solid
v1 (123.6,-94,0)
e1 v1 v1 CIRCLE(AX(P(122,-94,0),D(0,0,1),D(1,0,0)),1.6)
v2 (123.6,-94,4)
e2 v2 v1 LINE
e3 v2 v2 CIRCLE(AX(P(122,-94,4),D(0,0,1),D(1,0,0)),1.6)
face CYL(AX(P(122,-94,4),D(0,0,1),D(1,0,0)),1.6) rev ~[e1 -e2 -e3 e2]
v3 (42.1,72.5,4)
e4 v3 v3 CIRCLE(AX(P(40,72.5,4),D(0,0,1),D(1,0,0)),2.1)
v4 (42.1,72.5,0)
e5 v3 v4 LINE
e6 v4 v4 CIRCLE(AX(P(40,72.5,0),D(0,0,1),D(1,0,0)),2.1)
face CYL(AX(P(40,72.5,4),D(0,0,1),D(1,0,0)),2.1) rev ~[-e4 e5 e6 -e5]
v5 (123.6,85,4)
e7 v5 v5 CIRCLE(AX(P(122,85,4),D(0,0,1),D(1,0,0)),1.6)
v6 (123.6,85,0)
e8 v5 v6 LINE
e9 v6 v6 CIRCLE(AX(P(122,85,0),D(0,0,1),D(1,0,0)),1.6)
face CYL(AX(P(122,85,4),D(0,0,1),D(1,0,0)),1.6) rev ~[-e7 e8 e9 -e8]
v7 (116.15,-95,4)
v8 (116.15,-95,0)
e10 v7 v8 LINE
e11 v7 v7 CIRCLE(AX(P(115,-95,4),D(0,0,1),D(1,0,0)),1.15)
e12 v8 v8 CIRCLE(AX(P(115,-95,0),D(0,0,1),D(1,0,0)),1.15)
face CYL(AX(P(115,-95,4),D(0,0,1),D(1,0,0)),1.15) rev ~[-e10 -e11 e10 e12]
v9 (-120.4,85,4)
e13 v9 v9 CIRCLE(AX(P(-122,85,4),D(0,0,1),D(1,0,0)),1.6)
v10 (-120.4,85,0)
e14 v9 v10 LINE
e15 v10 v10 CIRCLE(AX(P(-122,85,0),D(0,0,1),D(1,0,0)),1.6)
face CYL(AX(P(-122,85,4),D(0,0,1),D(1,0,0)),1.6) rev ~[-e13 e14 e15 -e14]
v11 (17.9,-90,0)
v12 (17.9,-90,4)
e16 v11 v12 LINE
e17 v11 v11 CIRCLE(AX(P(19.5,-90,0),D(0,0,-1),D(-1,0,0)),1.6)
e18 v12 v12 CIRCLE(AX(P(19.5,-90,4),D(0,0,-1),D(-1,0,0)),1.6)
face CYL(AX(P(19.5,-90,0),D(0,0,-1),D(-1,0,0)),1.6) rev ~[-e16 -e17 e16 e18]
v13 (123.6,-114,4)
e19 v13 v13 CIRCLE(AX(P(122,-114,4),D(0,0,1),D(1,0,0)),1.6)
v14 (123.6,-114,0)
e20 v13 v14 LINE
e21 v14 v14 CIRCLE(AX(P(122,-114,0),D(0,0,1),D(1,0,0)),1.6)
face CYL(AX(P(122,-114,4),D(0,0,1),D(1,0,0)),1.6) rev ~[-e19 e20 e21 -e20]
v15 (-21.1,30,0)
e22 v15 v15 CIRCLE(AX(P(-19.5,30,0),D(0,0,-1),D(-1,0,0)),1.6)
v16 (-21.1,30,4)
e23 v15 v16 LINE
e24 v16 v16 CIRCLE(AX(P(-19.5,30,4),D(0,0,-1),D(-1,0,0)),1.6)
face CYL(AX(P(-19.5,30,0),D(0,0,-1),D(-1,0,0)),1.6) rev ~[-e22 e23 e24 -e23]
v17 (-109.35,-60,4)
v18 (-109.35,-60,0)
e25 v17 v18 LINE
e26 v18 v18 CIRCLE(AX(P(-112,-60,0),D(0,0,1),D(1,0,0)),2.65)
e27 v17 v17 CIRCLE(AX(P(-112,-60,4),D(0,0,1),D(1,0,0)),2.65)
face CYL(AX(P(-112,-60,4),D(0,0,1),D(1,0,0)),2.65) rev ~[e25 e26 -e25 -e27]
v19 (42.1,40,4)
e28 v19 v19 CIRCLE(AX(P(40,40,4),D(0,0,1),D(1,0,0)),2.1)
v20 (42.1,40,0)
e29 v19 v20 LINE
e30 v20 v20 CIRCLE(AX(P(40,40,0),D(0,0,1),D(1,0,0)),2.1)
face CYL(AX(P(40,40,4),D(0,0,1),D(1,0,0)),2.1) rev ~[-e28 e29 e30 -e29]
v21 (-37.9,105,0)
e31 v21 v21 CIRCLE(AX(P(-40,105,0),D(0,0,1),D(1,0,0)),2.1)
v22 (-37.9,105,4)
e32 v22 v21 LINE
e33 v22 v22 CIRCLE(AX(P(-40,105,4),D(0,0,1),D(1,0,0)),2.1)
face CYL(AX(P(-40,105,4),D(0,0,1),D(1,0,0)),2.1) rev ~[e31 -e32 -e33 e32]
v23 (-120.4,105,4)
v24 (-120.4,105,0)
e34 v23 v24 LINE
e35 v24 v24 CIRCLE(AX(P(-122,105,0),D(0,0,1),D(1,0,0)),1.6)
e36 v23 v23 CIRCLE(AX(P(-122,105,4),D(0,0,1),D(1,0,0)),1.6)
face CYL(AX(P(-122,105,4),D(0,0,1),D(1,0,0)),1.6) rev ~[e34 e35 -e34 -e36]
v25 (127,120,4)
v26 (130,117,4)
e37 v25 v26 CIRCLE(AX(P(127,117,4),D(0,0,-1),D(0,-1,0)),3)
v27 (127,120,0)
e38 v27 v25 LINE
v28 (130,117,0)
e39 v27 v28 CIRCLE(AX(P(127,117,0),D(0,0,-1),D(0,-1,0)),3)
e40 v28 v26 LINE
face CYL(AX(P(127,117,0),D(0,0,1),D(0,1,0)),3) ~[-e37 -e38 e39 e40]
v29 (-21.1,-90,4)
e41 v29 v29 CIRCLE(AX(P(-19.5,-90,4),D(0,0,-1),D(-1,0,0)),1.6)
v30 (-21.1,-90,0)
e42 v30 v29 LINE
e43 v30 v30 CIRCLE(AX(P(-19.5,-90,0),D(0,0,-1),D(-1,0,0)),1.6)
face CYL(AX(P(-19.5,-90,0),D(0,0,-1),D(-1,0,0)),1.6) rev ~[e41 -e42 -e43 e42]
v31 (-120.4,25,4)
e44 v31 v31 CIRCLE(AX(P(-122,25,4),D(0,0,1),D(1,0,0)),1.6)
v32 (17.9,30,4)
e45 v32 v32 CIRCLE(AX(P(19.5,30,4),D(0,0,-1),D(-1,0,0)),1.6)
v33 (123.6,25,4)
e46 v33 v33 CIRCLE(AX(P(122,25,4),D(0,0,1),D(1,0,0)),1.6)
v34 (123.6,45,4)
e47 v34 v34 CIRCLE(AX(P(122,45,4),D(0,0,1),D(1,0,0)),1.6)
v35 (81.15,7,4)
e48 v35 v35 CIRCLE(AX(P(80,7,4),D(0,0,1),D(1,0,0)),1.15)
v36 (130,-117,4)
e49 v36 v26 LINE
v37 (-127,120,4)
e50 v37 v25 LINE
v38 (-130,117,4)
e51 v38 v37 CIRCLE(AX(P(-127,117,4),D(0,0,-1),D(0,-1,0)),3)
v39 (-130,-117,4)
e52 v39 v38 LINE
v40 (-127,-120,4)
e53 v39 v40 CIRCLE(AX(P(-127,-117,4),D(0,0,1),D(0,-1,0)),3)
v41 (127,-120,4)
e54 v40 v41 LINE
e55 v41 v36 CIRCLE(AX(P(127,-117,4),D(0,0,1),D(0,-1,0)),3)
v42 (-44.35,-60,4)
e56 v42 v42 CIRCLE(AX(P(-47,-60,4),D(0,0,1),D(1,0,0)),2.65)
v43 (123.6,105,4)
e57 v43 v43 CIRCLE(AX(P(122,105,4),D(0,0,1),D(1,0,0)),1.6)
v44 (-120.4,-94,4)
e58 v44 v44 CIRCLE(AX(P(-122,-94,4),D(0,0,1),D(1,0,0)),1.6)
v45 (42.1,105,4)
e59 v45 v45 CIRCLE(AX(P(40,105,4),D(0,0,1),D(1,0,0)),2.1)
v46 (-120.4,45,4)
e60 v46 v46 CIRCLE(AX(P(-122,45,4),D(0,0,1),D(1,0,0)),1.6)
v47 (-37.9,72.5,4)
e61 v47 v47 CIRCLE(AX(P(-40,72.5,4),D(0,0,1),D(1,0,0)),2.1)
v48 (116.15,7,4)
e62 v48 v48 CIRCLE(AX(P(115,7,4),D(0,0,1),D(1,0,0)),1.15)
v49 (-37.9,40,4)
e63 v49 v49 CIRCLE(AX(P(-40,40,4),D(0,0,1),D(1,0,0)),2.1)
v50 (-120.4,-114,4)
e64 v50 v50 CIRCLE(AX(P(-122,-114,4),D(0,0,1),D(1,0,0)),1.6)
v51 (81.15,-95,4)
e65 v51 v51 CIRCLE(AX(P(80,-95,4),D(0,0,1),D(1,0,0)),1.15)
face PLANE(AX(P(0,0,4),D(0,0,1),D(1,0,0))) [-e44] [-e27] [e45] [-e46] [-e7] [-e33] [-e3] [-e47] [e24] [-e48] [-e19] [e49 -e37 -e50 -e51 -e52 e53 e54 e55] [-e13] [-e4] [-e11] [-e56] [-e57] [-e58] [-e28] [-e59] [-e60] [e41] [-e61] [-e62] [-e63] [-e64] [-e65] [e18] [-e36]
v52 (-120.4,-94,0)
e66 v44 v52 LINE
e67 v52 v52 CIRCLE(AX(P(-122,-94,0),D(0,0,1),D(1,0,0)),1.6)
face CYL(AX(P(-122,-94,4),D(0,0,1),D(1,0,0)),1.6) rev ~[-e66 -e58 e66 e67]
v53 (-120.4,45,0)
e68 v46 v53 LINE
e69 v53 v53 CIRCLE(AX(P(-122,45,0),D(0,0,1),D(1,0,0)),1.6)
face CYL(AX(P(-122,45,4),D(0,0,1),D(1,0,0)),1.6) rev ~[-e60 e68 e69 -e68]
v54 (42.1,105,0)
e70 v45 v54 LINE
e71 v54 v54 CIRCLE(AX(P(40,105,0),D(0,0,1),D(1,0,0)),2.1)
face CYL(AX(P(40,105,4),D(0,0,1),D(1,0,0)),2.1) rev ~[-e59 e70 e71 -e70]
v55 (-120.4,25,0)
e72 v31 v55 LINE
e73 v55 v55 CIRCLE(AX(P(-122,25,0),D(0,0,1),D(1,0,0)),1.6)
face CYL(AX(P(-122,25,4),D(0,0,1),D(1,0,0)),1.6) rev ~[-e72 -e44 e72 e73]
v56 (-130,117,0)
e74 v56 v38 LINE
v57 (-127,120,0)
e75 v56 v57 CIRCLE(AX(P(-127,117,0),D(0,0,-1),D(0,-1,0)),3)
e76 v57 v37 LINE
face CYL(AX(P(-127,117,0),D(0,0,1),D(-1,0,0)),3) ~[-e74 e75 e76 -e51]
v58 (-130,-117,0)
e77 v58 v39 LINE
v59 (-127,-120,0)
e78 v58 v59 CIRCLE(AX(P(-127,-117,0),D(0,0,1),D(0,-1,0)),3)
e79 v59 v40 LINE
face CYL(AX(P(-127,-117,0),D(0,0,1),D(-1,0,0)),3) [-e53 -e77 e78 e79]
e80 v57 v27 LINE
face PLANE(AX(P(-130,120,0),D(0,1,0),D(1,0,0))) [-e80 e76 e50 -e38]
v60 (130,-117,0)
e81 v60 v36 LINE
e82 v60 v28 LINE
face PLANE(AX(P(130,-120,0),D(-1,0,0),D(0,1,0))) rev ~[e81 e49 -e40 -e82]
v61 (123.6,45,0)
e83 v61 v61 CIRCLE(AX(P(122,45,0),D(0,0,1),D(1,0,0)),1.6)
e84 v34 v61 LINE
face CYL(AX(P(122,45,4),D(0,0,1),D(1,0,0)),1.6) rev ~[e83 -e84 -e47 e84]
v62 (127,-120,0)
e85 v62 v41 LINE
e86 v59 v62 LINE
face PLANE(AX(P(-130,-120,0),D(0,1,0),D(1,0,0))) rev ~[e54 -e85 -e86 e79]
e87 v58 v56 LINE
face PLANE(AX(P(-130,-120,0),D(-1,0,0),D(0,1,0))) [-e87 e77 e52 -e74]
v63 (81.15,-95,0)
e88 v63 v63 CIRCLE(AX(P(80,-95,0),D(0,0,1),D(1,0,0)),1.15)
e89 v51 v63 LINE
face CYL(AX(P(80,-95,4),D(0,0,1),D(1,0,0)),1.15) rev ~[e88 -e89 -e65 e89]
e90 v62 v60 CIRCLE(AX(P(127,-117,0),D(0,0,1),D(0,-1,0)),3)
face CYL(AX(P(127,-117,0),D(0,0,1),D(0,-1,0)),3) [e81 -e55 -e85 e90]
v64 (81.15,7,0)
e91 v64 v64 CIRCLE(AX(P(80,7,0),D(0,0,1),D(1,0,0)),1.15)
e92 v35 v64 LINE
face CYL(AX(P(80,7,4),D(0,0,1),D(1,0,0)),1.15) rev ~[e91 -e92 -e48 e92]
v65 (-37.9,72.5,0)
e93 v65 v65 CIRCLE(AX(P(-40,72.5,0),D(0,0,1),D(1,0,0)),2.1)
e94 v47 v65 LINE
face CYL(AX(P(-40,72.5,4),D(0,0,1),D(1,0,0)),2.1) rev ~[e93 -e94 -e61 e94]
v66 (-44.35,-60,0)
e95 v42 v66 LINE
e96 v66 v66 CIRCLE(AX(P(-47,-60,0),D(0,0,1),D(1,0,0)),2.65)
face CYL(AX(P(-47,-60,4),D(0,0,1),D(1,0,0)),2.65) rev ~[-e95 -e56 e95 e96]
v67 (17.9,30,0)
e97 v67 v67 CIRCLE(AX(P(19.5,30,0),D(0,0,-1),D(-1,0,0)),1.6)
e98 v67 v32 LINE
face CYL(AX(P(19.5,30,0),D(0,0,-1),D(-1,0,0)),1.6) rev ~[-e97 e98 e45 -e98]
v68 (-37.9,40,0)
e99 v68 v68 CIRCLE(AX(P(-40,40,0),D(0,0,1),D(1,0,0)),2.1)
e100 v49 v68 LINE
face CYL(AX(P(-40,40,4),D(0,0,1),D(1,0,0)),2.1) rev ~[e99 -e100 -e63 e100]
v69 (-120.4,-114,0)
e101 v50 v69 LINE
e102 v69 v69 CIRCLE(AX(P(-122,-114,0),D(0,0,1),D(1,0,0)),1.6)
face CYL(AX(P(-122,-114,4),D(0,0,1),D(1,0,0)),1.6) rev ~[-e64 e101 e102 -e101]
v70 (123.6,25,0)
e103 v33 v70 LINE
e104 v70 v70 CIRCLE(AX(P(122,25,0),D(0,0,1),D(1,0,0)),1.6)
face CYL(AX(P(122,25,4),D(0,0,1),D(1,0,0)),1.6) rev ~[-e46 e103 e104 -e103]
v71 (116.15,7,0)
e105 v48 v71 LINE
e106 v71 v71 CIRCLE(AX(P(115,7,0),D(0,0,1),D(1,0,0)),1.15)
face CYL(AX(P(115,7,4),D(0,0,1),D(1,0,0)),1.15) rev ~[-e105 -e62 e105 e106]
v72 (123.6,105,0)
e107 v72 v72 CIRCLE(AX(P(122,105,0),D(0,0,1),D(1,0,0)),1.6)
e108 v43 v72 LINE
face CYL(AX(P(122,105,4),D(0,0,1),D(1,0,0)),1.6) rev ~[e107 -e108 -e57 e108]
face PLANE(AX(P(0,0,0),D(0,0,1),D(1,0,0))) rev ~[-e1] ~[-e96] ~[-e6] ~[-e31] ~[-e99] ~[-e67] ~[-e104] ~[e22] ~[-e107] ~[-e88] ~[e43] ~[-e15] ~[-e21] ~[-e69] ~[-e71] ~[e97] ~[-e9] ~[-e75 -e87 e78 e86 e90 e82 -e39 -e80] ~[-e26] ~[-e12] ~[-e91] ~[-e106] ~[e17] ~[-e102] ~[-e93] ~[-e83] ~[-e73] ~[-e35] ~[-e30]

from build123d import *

# Parameters (mm, degrees)
SKETCH_1_W          = 260
SKETCH_1_H          = 240
EXTRUDE_1_DEPTH     = 4
SKETCH_2_R          = 1.6
CUT_EXTRUDE_1_DEPTH = 63
SKETCH_3_R          = 1.15
CUT_EXTRUDE_2_DEPTH = 60
FILLET_1_R          = 3
SKETCH_4_R          = 2.65
SKETCH_4_R_2        = 2.1
CUT_EXTRUDE_3_DEPTH = 10
SKETCH_5_R          = 1.6
CUT_EXTRUDE_4_DEPTH = 10


with BuildPart() as part:
    # 草图1 → 凸台-拉伸1 (new body)
    with BuildSketch(Plane.XY):
        Rectangle(SKETCH_1_W, SKETCH_1_H)
    extrude(amount=EXTRUDE_1_DEPTH)

    # 草图2 → 切除-拉伸1 (cut)
    with BuildSketch(Plane(origin=(0, 0, 0), x_dir=(-1, 0, 0), z_dir=(0, 0, -1))):
        with Locations((-19.5, 30)):
            Circle(SKETCH_2_R)
        with Locations((19.5, 30)):
            Circle(SKETCH_2_R)
        with Locations((19.5, -90)):
            Circle(SKETCH_2_R)
        with Locations((-19.5, -90)):
            Circle(SKETCH_2_R)
    extrude(amount=-CUT_EXTRUDE_1_DEPTH, mode=Mode.SUBTRACT)

    # 草图3 → 切除-拉伸2 (cut)
    with BuildSketch(Plane.XY.offset(4)):
        with Locations((80, 7)):
            Circle(SKETCH_3_R)
        with Locations((115, 7)):
            Circle(SKETCH_3_R)
        with Locations((115, -95)):
            Circle(SKETCH_3_R)
        with Locations((80, -95)):
            Circle(SKETCH_3_R)
    extrude(amount=-CUT_EXTRUDE_2_DEPTH, mode=Mode.SUBTRACT)

    # 圆角1
    fillet_1_edges = [part.edges().sort_by_distance(p)[0] for p in [
        (-130, 120, 2),
        (130, 120, 2),
        (130, -120, 2),
        (-130, -120, 2),
    ]]
    fillet(fillet_1_edges, radius=FILLET_1_R)

    # 草图4 → 切除-拉伸3 (cut)
    with BuildSketch(Plane.XY.offset(4)):
        with Locations((-112, -60)):
            Circle(SKETCH_4_R)
        with Locations((-47, -60)):
            Circle(SKETCH_4_R)
        with Locations((-40, 105)):
            Circle(SKETCH_4_R_2)
        with Locations((-40, 40)):
            Circle(SKETCH_4_R_2)
        with Locations((40, 40)):
            Circle(SKETCH_4_R_2)
        with Locations((40, 105)):
            Circle(SKETCH_4_R_2)
        with Locations((-40, 72.5)):
            Circle(SKETCH_4_R_2)
        with Locations((40, 72.5)):
            Circle(SKETCH_4_R_2)
    extrude(amount=-CUT_EXTRUDE_3_DEPTH, mode=Mode.SUBTRACT)

    # 草图5 → 切除-拉伸4 (cut)
    with BuildSketch(Plane.XY.offset(4)):
        with Locations((-122, 105)):
            Circle(SKETCH_5_R)
        with Locations((-122, 85)):
            Circle(SKETCH_5_R)
        with Locations((-122, 45)):
            Circle(SKETCH_5_R)
        with Locations((-122, 25)):
            Circle(SKETCH_5_R)
        with Locations((-122, -94)):
            Circle(SKETCH_5_R)
        with Locations((-122, -114)):
            Circle(SKETCH_5_R)
        with Locations((122, -114)):
            Circle(SKETCH_5_R)
        with Locations((122, -94)):
            Circle(SKETCH_5_R)
        with Locations((122, 25)):
            Circle(SKETCH_5_R)
        with Locations((122, 45)):
            Circle(SKETCH_5_R)
        with Locations((122, 85)):
            Circle(SKETCH_5_R)
        with Locations((122, 105)):
            Circle(SKETCH_5_R)
    extrude(amount=-CUT_EXTRUDE_4_DEPTH, mode=Mode.SUBTRACT)


solid = part.part
